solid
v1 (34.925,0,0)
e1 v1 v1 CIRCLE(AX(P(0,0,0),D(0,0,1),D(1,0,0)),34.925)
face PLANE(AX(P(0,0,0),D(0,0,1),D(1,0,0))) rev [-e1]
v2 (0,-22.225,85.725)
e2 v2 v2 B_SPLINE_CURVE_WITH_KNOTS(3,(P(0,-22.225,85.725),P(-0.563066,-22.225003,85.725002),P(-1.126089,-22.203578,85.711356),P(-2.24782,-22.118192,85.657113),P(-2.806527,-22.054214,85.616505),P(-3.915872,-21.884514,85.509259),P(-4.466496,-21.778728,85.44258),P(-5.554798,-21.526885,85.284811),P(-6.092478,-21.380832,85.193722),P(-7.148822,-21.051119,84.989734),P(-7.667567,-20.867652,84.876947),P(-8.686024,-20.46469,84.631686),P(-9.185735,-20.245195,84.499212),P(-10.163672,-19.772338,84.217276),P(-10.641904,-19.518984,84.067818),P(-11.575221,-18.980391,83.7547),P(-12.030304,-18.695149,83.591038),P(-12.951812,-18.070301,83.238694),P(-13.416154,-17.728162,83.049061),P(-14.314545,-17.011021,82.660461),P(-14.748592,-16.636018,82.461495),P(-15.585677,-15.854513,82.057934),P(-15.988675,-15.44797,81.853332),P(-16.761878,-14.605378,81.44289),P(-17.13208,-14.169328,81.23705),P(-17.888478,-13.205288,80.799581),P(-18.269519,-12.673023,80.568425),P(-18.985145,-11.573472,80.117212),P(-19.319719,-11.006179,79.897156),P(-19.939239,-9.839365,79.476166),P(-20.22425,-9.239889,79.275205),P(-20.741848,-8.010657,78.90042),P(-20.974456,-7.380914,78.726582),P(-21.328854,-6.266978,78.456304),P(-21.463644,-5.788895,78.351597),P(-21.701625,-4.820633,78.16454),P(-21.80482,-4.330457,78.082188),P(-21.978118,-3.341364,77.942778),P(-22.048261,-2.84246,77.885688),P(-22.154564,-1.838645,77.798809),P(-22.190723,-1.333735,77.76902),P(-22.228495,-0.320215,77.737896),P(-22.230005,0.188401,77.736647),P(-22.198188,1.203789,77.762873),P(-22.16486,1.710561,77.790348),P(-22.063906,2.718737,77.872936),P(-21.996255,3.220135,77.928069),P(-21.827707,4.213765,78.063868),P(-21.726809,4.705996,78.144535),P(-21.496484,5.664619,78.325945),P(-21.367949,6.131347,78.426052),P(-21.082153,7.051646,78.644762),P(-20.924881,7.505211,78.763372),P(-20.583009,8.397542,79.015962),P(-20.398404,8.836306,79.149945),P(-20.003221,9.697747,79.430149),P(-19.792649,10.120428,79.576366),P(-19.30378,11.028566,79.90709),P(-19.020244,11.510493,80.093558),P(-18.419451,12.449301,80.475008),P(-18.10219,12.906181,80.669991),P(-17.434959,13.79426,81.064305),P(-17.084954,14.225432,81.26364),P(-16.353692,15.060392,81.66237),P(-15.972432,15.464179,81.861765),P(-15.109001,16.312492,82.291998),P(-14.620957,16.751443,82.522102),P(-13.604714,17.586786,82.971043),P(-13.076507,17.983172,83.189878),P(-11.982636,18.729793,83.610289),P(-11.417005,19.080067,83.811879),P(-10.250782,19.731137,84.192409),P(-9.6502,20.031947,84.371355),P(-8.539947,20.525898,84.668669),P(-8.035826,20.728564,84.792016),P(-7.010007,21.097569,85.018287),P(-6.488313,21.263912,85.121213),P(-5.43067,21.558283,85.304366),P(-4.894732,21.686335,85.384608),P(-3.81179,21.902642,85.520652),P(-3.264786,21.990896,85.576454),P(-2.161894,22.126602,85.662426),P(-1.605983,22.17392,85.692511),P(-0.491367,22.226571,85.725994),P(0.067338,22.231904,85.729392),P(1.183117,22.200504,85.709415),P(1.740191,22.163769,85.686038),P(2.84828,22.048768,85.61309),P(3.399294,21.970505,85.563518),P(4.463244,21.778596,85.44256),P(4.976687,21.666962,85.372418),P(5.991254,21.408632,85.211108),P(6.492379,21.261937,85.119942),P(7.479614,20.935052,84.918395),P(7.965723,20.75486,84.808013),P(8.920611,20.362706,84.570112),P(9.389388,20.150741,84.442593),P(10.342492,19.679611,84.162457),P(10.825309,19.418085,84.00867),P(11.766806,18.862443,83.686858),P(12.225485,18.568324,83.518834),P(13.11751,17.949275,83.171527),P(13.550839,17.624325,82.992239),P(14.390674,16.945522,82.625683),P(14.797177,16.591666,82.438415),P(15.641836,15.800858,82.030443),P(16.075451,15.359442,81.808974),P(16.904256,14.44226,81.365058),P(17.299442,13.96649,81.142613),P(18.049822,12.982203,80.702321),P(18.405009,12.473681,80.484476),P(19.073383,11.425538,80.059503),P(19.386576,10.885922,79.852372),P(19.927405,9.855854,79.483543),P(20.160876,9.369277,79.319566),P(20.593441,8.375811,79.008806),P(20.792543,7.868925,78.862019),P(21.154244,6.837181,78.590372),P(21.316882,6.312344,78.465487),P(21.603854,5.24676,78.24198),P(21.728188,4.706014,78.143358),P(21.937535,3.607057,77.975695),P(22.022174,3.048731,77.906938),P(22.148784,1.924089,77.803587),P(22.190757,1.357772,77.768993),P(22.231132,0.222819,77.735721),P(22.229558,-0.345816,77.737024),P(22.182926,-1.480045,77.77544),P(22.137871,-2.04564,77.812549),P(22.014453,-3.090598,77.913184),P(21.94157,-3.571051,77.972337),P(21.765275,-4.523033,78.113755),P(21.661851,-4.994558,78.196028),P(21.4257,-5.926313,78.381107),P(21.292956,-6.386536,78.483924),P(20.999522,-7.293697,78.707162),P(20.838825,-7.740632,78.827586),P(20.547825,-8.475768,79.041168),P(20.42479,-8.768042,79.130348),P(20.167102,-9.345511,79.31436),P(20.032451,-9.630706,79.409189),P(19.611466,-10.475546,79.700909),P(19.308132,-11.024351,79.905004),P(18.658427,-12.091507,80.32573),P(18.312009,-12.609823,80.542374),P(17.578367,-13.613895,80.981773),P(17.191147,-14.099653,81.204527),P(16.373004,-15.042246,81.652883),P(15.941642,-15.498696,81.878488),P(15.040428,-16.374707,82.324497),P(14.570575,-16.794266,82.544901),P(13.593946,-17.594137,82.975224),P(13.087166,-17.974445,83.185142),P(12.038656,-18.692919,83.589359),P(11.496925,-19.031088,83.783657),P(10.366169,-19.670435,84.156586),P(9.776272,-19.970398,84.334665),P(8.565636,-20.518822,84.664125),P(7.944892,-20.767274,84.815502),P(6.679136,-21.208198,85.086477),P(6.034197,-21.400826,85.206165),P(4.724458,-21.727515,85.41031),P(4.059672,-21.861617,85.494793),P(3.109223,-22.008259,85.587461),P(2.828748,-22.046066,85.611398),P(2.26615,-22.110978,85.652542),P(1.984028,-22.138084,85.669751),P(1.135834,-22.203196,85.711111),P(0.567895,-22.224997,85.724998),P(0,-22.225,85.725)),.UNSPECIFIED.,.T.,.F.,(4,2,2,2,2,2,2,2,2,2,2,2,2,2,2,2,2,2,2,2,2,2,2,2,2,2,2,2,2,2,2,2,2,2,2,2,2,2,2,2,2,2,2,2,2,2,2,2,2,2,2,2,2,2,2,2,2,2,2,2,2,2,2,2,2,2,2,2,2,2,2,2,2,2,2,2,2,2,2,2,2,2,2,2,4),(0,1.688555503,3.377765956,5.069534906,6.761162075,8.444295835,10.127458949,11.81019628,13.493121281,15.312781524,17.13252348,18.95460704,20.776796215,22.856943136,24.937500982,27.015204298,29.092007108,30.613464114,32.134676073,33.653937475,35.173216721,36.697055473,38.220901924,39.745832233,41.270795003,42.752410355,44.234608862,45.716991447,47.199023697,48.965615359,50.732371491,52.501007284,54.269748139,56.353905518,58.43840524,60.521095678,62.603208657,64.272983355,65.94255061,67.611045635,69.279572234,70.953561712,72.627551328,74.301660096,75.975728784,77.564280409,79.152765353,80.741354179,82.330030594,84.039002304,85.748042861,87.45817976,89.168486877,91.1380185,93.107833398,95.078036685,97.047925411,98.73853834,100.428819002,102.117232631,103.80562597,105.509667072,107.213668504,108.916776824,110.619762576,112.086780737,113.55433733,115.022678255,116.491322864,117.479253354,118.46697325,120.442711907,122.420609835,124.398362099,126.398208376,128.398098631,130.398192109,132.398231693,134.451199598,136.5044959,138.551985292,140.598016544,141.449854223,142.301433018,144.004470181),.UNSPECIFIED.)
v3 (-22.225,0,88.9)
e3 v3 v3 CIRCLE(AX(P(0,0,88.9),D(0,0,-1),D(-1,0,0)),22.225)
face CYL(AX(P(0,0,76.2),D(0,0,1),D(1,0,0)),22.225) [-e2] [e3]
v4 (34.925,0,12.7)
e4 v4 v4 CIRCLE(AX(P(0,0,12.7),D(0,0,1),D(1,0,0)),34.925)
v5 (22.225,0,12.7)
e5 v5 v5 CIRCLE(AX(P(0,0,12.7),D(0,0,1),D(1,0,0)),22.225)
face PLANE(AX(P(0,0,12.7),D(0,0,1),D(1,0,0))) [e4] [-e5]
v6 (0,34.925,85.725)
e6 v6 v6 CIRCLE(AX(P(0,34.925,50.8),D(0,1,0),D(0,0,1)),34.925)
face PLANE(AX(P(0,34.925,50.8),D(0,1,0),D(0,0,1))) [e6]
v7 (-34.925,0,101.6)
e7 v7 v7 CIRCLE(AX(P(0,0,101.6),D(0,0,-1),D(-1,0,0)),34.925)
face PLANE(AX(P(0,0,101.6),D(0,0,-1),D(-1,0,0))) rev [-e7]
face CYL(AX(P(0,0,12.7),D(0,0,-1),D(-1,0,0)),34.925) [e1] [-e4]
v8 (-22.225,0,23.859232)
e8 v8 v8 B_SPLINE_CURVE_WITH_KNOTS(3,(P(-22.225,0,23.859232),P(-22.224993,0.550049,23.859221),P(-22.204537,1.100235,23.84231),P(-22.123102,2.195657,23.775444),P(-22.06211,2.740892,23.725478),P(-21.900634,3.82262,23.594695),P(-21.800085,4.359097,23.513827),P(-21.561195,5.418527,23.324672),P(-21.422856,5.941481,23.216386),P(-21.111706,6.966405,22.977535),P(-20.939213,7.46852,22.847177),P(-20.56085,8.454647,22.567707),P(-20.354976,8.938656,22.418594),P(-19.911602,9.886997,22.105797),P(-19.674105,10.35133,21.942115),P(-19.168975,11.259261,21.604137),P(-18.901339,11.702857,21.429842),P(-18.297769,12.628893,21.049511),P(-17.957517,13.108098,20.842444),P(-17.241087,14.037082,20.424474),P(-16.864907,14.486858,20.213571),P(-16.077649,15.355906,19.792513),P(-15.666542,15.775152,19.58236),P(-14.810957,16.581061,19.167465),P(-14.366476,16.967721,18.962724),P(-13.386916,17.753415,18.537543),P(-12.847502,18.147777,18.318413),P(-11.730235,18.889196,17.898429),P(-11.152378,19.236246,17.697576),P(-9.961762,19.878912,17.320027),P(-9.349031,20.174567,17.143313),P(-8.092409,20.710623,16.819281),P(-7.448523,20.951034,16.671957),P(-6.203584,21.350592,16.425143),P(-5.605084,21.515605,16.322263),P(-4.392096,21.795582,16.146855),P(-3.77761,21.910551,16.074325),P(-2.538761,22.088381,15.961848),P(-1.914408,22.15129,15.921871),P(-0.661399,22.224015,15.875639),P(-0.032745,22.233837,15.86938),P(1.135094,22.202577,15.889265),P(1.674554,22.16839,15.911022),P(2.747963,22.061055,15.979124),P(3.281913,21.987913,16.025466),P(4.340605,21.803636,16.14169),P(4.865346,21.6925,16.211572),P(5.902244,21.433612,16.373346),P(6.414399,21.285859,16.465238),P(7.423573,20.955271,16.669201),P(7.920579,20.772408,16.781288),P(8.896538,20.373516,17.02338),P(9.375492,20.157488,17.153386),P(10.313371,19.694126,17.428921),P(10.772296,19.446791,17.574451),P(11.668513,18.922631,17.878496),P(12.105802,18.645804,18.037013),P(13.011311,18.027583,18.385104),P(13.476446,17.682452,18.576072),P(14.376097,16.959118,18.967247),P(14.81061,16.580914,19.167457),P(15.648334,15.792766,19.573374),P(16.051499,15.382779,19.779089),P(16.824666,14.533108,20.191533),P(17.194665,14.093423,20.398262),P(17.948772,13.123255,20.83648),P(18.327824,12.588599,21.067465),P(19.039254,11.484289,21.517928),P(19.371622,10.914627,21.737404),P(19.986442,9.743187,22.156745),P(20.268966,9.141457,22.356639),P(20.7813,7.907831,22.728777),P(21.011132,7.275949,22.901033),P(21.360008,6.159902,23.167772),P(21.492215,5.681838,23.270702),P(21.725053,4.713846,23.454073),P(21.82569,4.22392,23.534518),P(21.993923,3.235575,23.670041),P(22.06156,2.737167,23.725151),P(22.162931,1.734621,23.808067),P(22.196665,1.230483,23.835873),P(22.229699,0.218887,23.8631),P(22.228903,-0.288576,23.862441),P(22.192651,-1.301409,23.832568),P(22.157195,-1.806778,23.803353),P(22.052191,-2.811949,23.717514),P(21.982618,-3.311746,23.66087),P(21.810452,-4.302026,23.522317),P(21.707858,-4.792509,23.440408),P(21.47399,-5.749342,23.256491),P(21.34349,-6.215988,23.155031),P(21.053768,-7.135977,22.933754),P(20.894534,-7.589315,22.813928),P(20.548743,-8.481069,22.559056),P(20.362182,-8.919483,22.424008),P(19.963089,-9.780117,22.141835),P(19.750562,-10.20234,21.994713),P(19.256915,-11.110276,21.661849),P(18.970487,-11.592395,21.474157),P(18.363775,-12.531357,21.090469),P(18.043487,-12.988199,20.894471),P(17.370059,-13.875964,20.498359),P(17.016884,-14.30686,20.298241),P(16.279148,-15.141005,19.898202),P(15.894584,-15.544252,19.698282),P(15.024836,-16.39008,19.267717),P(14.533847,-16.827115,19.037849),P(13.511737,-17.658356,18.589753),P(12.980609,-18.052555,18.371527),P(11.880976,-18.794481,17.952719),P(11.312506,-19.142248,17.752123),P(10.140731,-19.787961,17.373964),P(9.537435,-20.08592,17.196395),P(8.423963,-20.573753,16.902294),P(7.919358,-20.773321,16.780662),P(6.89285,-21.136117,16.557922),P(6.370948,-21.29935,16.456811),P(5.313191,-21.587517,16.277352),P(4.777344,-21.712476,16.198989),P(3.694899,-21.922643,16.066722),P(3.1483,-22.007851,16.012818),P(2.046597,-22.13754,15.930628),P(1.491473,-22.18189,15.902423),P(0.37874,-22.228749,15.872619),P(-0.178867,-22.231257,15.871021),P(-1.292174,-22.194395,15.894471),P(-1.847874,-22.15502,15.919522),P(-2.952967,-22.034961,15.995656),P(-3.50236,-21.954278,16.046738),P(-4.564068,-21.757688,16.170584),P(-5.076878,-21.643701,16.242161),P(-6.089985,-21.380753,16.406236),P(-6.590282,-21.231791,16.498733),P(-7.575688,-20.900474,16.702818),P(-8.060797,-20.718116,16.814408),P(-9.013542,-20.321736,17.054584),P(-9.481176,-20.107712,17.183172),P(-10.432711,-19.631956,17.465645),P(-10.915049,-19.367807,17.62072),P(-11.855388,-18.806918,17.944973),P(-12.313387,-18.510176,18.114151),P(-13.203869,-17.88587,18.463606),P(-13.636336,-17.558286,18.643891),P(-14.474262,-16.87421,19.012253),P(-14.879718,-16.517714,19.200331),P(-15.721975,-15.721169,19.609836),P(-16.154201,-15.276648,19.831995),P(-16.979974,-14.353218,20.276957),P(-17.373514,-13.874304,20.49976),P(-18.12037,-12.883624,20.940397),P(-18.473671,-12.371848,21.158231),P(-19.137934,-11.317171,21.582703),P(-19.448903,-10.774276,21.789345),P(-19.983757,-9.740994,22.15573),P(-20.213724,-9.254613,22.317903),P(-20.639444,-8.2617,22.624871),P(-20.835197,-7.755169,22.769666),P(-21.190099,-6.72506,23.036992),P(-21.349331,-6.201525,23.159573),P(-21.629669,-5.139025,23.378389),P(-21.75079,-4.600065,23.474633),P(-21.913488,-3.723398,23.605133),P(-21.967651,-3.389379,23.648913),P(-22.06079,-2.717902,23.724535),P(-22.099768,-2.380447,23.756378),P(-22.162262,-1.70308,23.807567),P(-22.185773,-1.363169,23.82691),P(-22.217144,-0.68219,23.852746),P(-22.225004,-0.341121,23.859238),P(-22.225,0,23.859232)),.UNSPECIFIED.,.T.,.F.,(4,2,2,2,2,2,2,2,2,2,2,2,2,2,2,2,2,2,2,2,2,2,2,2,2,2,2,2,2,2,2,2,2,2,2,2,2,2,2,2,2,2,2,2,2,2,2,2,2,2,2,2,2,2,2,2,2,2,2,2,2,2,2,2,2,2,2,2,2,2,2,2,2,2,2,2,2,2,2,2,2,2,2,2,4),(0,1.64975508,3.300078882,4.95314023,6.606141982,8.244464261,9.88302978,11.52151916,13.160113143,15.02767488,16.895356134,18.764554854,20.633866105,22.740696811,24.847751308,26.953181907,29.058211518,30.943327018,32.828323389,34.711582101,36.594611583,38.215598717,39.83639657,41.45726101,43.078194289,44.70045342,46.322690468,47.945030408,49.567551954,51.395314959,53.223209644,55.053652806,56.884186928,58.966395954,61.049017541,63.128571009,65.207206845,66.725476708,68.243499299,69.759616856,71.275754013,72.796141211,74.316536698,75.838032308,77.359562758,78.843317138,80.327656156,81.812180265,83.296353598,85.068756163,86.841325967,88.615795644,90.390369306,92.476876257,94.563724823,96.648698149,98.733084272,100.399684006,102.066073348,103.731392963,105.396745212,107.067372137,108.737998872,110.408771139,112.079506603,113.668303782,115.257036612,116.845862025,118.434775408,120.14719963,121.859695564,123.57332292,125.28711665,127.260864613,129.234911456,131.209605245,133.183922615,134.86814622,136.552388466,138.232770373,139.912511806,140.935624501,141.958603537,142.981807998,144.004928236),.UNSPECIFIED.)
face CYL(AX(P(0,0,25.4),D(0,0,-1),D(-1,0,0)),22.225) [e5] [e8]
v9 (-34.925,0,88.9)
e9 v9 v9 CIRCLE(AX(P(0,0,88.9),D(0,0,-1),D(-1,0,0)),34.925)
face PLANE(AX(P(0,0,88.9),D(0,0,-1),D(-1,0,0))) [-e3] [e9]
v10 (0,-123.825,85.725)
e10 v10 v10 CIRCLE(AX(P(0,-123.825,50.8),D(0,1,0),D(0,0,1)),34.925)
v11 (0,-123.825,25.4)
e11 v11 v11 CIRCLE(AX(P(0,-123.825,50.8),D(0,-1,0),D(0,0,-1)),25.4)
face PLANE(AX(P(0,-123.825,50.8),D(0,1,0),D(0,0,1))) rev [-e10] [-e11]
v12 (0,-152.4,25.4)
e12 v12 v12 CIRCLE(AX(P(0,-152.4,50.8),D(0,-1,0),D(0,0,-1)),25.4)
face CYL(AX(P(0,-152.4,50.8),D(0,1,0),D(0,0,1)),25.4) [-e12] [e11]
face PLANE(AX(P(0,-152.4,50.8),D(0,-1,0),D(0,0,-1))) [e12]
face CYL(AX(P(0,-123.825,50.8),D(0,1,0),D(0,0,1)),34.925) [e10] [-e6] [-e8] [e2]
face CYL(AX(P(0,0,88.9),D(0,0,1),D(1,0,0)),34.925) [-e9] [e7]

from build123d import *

# Parameters (mm, degrees)
SKETCH1_R                = 34.925
BOSS_EXTRUDE1_DEPTH      = 12.7
SKETCH2_R                = 22.225
BOSS_EXTRUDE2_DEPTH      = 12.7
BOSS_EXTRUDE4_DEPTH      = 34.925
BOSS_EXTRUDE4_DEPTH_BACK = 123.825
SKETCH3_R                = 34.925
CIRPATTERN1_COUNT        = 2
CIRPATTERN2_COUNT        = 2
SKETCH5_R                = 25.4
BOSS_EXTRUDE5_DEPTH      = 28.575


with BuildPart() as part:
    # Sketch1 → Boss-Extrude1 (new body)
    with BuildSketch(Plane.XY):
        Circle(SKETCH1_R)
    boss_extrude1 = extrude(amount=BOSS_EXTRUDE1_DEPTH)

    # Sketch2 → Boss-Extrude2 (add)
    with BuildSketch(Plane.XY.offset(12.7)):
        Circle(SKETCH2_R)
    boss_extrude2 = extrude(amount=BOSS_EXTRUDE2_DEPTH)

    # Sketch3 → Boss-Extrude4 (add, two sides: drawn at the far end of the back side and taken through both)
    with BuildSketch(Plane(origin=(0, 0, 0), x_dir=(1, 0, 0), z_dir=(0, 1, 0)).offset(-BOSS_EXTRUDE4_DEPTH_BACK)):
        with Locations(Location((0, -50.8, 0), (0, 0, 270))):
            Circle(SKETCH3_R)
    extrude(amount=BOSS_EXTRUDE4_DEPTH + BOSS_EXTRUDE4_DEPTH_BACK)

    # CirPattern1: Boss-Extrude2 ×2 about axis
    cirpattern1_axis = Axis((0, 34.925, 50.8), (0, 1, 0))
    for i in range(1, CIRPATTERN1_COUNT):
        add(boss_extrude2.rotate(cirpattern1_axis, i * 360 / CIRPATTERN1_COUNT))

    # CirPattern2: Boss-Extrude1 ×2 about axis
    cirpattern2_axis = Axis((0, 34.925, 50.8), (0, 1, 0))
    for i in range(1, CIRPATTERN2_COUNT):
        add(boss_extrude1.rotate(cirpattern2_axis, i * 360 / CIRPATTERN2_COUNT))

    # Sketch5 → Boss-Extrude5 (add)
    with BuildSketch(Plane.XZ.offset(123.825)):
        with Locations(Location((0, 50.8, 0), (0, 0, 270))):
            Circle(SKETCH5_R)
    extrude(amount=BOSS_EXTRUDE5_DEPTH)


solid = part.part
